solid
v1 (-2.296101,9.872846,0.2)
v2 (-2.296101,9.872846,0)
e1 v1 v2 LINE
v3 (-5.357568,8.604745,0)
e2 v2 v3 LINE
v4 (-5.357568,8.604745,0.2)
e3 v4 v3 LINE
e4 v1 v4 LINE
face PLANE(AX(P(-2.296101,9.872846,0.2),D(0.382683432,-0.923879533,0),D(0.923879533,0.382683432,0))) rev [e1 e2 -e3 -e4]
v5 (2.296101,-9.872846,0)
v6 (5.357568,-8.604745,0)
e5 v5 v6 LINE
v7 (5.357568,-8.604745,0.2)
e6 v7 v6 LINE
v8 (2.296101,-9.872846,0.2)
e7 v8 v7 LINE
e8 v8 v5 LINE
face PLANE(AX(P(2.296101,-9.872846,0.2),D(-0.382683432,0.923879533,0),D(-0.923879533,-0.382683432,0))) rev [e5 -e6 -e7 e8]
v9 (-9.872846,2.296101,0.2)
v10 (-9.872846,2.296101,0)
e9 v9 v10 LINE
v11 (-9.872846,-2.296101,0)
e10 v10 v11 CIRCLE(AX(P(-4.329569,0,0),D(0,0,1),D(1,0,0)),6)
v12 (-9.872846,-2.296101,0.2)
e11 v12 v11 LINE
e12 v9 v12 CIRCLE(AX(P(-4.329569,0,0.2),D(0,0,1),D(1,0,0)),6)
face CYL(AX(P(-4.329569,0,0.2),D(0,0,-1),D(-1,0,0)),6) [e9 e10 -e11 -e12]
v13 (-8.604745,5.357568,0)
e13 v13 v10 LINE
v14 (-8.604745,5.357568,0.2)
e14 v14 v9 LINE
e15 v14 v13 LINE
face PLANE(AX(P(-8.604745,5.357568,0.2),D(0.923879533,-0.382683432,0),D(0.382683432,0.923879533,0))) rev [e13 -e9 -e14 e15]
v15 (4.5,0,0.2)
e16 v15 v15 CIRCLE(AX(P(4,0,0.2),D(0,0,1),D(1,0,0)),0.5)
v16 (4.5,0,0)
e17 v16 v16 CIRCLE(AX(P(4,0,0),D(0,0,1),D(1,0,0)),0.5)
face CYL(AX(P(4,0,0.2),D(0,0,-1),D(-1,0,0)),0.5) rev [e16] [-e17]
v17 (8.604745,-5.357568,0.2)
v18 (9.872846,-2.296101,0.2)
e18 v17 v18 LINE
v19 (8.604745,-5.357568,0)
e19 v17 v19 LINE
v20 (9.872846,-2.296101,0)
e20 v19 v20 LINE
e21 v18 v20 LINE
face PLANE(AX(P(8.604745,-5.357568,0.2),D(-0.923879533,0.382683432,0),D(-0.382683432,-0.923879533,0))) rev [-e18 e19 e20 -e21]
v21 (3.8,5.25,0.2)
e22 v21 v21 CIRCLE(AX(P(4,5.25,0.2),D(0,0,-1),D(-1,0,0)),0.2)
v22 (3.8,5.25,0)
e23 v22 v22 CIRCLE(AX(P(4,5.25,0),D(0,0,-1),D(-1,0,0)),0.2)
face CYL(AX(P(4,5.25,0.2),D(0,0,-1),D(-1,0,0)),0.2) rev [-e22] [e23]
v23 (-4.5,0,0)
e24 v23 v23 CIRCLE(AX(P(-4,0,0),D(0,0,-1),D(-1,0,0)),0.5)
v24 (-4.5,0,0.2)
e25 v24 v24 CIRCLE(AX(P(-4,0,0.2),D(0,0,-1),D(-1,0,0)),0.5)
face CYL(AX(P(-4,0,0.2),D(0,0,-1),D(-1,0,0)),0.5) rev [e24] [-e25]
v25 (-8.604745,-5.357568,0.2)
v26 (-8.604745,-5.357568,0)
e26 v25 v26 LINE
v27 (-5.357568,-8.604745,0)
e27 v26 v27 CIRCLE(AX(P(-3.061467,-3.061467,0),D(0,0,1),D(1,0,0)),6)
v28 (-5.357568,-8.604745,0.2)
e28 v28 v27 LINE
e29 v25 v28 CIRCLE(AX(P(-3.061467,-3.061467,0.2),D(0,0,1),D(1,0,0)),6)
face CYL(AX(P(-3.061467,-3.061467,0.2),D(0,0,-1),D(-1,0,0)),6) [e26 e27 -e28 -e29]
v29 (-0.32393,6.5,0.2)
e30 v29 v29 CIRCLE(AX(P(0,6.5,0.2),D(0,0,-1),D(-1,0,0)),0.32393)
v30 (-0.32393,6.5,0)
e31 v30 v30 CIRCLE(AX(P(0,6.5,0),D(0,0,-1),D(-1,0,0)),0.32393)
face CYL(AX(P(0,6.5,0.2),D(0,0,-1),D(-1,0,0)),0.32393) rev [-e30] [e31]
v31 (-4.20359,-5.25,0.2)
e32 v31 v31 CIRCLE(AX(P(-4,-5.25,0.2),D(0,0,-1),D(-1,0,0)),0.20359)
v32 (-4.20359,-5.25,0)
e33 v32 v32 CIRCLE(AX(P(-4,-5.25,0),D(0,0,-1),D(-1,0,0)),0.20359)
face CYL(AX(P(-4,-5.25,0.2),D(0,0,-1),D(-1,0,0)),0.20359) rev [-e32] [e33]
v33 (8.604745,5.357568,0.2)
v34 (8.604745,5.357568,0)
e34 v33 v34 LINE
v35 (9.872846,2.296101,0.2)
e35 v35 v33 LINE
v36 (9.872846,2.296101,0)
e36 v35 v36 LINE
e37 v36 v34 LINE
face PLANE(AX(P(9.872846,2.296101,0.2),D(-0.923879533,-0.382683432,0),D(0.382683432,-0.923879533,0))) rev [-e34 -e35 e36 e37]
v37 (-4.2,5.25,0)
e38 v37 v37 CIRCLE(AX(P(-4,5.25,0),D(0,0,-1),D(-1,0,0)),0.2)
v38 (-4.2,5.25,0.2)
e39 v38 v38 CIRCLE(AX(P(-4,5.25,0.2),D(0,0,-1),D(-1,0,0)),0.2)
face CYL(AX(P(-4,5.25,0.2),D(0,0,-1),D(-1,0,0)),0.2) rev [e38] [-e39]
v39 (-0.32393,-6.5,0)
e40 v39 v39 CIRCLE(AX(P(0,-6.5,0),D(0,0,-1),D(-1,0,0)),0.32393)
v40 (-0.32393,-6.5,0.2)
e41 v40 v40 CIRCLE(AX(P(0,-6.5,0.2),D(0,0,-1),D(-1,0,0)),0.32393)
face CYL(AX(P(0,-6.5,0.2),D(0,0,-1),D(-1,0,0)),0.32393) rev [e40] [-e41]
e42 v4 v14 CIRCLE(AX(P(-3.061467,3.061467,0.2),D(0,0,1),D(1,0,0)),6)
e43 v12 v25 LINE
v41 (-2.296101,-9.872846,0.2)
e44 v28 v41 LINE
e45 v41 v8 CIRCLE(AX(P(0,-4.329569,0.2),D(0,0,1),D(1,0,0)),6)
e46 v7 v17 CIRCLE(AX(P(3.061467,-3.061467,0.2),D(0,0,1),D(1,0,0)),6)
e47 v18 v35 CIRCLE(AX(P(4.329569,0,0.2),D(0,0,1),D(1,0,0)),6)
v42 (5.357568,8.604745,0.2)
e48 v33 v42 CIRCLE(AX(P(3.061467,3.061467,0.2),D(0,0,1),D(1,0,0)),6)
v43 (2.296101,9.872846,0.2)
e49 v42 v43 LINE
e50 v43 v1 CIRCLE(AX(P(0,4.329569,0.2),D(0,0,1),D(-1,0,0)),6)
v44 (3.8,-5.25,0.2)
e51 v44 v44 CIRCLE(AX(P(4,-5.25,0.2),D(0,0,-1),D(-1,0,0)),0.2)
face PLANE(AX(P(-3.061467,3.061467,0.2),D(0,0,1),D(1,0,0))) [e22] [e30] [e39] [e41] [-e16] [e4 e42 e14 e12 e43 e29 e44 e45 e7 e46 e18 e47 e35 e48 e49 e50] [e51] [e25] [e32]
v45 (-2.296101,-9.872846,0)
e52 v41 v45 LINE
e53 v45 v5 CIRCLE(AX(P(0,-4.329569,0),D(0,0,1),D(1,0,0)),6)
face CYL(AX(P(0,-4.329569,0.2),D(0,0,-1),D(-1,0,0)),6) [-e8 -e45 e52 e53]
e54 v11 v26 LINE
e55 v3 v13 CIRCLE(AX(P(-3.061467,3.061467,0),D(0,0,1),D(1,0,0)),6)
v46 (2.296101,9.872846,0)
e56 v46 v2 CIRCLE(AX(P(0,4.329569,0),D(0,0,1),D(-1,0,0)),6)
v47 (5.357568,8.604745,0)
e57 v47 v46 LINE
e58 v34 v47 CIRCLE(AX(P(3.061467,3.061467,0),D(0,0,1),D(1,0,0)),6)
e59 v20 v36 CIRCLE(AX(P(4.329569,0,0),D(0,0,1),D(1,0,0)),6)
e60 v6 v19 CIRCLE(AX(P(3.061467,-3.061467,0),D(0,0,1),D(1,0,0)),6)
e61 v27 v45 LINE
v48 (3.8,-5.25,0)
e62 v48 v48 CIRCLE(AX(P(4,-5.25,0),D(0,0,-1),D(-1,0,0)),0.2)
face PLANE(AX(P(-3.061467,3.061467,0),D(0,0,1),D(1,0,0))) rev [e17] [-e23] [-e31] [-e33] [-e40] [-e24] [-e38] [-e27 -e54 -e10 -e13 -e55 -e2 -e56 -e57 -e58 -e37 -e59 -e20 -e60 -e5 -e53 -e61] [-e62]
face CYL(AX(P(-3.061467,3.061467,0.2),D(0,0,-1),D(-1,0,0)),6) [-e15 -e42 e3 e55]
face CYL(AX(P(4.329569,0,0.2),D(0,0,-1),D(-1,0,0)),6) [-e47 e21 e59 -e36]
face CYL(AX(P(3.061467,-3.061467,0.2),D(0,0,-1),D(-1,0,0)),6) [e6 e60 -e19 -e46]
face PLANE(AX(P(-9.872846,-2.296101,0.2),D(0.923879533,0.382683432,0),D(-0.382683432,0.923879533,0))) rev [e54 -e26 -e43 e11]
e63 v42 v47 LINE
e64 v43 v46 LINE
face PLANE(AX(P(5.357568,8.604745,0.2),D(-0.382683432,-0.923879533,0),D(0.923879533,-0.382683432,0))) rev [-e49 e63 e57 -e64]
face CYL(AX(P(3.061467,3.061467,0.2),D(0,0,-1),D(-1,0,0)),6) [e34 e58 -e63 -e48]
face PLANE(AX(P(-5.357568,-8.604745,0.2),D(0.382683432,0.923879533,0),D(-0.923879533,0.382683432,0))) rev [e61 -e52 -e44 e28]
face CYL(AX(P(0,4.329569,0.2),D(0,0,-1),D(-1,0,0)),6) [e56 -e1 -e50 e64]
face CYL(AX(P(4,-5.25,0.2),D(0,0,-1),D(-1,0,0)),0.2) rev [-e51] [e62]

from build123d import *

# Parameters (mm, degrees)
BOSS_EXTRUDE1_DEPTH = 0.2
SKETCH2_R           = 0.323929716
SKETCH2_R_2         = 0.2
SKETCH2_R_3         = 0.203589937
SKETCH2_R_4         = 0.5
CUT_EXTRUDE1_DEPTH  = 1.2


with BuildPart() as part:
    # Sketch1 → Boss-Extrude1 (new body)
    with BuildSketch(Plane.XY):
        with BuildLine():
            Line((-2.296100594, 9.872845996), (-5.357568053, 8.604744654))
            ThreePointArc((-5.357568053, 8.604744654), (-7.304108146, 7.304108146), (-8.604744654, 5.357568053))
            Line((-8.604744654, 5.357568053), (-9.872845996, 2.296100594))
            ThreePointArc((-9.872845996, 2.296100594), (-10.329568801, 0), (-9.872845996, -2.296100594))
            Line((-9.872845996, -2.296100594), (-8.604744654, -5.357568053))
            ThreePointArc((-8.604744654, -5.357568053), (-7.304108146, -7.304108146), (-5.357568053, -8.604744654))
            Line((-5.357568053, -8.604744654), (-2.296100594, -9.872845996))
            ThreePointArc((-2.296100594, -9.872845996), (0, -10.329568801), (2.296100594, -9.872845996))
            Line((2.296100594, -9.872845996), (5.357568053, -8.604744654))
            ThreePointArc((5.357568053, -8.604744654), (7.304108146, -7.304108146), (8.604744654, -5.357568053))
            Line((8.604744654, -5.357568053), (9.872845996, -2.296100594))
            ThreePointArc((9.872845996, -2.296100594), (10.329568801, 0), (9.872845996, 2.296100594))
            Line((9.872845996, 2.296100594), (8.604744654, 5.357568053))
            ThreePointArc((8.604744654, 5.357568053), (7.304108146, 7.304108146), (5.357568053, 8.604744654))
            Line((5.357568053, 8.604744654), (2.296100594, 9.872845996))
            ThreePointArc((2.296100594, 9.872845996), (0, 10.329568801), (-2.296100594, 9.872845996))
        make_face()
    extrude(amount=BOSS_EXTRUDE1_DEPTH)

    # Sketch2 → Cut-Extrude1 (cut, through all)
    with BuildSketch(Plane(origin=(0, 0, 0), x_dir=(-1, 0, 0), z_dir=(0, 0, -1))):
        with Locations((0, -6.5)):
            Circle(SKETCH2_R)
        with Locations((-4, -5.25)):
            Circle(SKETCH2_R_2)
        with Locations((4, -5.25)):
            Circle(SKETCH2_R_3)
        with Locations((4, 5.25)):
            Circle(SKETCH2_R_2)
        with Locations((0, 6.5)):
            Circle(SKETCH2_R)
        with Locations((-4, 5.25)):
            Circle(SKETCH2_R_2)
        with Locations((4, 0)):
            Circle(SKETCH2_R_4)
        with Locations((-4, 0)):
            Circle(SKETCH2_R_4)
    extrude(amount=-CUT_EXTRUDE1_DEPTH, mode=Mode.SUBTRACT)


solid = part.part
